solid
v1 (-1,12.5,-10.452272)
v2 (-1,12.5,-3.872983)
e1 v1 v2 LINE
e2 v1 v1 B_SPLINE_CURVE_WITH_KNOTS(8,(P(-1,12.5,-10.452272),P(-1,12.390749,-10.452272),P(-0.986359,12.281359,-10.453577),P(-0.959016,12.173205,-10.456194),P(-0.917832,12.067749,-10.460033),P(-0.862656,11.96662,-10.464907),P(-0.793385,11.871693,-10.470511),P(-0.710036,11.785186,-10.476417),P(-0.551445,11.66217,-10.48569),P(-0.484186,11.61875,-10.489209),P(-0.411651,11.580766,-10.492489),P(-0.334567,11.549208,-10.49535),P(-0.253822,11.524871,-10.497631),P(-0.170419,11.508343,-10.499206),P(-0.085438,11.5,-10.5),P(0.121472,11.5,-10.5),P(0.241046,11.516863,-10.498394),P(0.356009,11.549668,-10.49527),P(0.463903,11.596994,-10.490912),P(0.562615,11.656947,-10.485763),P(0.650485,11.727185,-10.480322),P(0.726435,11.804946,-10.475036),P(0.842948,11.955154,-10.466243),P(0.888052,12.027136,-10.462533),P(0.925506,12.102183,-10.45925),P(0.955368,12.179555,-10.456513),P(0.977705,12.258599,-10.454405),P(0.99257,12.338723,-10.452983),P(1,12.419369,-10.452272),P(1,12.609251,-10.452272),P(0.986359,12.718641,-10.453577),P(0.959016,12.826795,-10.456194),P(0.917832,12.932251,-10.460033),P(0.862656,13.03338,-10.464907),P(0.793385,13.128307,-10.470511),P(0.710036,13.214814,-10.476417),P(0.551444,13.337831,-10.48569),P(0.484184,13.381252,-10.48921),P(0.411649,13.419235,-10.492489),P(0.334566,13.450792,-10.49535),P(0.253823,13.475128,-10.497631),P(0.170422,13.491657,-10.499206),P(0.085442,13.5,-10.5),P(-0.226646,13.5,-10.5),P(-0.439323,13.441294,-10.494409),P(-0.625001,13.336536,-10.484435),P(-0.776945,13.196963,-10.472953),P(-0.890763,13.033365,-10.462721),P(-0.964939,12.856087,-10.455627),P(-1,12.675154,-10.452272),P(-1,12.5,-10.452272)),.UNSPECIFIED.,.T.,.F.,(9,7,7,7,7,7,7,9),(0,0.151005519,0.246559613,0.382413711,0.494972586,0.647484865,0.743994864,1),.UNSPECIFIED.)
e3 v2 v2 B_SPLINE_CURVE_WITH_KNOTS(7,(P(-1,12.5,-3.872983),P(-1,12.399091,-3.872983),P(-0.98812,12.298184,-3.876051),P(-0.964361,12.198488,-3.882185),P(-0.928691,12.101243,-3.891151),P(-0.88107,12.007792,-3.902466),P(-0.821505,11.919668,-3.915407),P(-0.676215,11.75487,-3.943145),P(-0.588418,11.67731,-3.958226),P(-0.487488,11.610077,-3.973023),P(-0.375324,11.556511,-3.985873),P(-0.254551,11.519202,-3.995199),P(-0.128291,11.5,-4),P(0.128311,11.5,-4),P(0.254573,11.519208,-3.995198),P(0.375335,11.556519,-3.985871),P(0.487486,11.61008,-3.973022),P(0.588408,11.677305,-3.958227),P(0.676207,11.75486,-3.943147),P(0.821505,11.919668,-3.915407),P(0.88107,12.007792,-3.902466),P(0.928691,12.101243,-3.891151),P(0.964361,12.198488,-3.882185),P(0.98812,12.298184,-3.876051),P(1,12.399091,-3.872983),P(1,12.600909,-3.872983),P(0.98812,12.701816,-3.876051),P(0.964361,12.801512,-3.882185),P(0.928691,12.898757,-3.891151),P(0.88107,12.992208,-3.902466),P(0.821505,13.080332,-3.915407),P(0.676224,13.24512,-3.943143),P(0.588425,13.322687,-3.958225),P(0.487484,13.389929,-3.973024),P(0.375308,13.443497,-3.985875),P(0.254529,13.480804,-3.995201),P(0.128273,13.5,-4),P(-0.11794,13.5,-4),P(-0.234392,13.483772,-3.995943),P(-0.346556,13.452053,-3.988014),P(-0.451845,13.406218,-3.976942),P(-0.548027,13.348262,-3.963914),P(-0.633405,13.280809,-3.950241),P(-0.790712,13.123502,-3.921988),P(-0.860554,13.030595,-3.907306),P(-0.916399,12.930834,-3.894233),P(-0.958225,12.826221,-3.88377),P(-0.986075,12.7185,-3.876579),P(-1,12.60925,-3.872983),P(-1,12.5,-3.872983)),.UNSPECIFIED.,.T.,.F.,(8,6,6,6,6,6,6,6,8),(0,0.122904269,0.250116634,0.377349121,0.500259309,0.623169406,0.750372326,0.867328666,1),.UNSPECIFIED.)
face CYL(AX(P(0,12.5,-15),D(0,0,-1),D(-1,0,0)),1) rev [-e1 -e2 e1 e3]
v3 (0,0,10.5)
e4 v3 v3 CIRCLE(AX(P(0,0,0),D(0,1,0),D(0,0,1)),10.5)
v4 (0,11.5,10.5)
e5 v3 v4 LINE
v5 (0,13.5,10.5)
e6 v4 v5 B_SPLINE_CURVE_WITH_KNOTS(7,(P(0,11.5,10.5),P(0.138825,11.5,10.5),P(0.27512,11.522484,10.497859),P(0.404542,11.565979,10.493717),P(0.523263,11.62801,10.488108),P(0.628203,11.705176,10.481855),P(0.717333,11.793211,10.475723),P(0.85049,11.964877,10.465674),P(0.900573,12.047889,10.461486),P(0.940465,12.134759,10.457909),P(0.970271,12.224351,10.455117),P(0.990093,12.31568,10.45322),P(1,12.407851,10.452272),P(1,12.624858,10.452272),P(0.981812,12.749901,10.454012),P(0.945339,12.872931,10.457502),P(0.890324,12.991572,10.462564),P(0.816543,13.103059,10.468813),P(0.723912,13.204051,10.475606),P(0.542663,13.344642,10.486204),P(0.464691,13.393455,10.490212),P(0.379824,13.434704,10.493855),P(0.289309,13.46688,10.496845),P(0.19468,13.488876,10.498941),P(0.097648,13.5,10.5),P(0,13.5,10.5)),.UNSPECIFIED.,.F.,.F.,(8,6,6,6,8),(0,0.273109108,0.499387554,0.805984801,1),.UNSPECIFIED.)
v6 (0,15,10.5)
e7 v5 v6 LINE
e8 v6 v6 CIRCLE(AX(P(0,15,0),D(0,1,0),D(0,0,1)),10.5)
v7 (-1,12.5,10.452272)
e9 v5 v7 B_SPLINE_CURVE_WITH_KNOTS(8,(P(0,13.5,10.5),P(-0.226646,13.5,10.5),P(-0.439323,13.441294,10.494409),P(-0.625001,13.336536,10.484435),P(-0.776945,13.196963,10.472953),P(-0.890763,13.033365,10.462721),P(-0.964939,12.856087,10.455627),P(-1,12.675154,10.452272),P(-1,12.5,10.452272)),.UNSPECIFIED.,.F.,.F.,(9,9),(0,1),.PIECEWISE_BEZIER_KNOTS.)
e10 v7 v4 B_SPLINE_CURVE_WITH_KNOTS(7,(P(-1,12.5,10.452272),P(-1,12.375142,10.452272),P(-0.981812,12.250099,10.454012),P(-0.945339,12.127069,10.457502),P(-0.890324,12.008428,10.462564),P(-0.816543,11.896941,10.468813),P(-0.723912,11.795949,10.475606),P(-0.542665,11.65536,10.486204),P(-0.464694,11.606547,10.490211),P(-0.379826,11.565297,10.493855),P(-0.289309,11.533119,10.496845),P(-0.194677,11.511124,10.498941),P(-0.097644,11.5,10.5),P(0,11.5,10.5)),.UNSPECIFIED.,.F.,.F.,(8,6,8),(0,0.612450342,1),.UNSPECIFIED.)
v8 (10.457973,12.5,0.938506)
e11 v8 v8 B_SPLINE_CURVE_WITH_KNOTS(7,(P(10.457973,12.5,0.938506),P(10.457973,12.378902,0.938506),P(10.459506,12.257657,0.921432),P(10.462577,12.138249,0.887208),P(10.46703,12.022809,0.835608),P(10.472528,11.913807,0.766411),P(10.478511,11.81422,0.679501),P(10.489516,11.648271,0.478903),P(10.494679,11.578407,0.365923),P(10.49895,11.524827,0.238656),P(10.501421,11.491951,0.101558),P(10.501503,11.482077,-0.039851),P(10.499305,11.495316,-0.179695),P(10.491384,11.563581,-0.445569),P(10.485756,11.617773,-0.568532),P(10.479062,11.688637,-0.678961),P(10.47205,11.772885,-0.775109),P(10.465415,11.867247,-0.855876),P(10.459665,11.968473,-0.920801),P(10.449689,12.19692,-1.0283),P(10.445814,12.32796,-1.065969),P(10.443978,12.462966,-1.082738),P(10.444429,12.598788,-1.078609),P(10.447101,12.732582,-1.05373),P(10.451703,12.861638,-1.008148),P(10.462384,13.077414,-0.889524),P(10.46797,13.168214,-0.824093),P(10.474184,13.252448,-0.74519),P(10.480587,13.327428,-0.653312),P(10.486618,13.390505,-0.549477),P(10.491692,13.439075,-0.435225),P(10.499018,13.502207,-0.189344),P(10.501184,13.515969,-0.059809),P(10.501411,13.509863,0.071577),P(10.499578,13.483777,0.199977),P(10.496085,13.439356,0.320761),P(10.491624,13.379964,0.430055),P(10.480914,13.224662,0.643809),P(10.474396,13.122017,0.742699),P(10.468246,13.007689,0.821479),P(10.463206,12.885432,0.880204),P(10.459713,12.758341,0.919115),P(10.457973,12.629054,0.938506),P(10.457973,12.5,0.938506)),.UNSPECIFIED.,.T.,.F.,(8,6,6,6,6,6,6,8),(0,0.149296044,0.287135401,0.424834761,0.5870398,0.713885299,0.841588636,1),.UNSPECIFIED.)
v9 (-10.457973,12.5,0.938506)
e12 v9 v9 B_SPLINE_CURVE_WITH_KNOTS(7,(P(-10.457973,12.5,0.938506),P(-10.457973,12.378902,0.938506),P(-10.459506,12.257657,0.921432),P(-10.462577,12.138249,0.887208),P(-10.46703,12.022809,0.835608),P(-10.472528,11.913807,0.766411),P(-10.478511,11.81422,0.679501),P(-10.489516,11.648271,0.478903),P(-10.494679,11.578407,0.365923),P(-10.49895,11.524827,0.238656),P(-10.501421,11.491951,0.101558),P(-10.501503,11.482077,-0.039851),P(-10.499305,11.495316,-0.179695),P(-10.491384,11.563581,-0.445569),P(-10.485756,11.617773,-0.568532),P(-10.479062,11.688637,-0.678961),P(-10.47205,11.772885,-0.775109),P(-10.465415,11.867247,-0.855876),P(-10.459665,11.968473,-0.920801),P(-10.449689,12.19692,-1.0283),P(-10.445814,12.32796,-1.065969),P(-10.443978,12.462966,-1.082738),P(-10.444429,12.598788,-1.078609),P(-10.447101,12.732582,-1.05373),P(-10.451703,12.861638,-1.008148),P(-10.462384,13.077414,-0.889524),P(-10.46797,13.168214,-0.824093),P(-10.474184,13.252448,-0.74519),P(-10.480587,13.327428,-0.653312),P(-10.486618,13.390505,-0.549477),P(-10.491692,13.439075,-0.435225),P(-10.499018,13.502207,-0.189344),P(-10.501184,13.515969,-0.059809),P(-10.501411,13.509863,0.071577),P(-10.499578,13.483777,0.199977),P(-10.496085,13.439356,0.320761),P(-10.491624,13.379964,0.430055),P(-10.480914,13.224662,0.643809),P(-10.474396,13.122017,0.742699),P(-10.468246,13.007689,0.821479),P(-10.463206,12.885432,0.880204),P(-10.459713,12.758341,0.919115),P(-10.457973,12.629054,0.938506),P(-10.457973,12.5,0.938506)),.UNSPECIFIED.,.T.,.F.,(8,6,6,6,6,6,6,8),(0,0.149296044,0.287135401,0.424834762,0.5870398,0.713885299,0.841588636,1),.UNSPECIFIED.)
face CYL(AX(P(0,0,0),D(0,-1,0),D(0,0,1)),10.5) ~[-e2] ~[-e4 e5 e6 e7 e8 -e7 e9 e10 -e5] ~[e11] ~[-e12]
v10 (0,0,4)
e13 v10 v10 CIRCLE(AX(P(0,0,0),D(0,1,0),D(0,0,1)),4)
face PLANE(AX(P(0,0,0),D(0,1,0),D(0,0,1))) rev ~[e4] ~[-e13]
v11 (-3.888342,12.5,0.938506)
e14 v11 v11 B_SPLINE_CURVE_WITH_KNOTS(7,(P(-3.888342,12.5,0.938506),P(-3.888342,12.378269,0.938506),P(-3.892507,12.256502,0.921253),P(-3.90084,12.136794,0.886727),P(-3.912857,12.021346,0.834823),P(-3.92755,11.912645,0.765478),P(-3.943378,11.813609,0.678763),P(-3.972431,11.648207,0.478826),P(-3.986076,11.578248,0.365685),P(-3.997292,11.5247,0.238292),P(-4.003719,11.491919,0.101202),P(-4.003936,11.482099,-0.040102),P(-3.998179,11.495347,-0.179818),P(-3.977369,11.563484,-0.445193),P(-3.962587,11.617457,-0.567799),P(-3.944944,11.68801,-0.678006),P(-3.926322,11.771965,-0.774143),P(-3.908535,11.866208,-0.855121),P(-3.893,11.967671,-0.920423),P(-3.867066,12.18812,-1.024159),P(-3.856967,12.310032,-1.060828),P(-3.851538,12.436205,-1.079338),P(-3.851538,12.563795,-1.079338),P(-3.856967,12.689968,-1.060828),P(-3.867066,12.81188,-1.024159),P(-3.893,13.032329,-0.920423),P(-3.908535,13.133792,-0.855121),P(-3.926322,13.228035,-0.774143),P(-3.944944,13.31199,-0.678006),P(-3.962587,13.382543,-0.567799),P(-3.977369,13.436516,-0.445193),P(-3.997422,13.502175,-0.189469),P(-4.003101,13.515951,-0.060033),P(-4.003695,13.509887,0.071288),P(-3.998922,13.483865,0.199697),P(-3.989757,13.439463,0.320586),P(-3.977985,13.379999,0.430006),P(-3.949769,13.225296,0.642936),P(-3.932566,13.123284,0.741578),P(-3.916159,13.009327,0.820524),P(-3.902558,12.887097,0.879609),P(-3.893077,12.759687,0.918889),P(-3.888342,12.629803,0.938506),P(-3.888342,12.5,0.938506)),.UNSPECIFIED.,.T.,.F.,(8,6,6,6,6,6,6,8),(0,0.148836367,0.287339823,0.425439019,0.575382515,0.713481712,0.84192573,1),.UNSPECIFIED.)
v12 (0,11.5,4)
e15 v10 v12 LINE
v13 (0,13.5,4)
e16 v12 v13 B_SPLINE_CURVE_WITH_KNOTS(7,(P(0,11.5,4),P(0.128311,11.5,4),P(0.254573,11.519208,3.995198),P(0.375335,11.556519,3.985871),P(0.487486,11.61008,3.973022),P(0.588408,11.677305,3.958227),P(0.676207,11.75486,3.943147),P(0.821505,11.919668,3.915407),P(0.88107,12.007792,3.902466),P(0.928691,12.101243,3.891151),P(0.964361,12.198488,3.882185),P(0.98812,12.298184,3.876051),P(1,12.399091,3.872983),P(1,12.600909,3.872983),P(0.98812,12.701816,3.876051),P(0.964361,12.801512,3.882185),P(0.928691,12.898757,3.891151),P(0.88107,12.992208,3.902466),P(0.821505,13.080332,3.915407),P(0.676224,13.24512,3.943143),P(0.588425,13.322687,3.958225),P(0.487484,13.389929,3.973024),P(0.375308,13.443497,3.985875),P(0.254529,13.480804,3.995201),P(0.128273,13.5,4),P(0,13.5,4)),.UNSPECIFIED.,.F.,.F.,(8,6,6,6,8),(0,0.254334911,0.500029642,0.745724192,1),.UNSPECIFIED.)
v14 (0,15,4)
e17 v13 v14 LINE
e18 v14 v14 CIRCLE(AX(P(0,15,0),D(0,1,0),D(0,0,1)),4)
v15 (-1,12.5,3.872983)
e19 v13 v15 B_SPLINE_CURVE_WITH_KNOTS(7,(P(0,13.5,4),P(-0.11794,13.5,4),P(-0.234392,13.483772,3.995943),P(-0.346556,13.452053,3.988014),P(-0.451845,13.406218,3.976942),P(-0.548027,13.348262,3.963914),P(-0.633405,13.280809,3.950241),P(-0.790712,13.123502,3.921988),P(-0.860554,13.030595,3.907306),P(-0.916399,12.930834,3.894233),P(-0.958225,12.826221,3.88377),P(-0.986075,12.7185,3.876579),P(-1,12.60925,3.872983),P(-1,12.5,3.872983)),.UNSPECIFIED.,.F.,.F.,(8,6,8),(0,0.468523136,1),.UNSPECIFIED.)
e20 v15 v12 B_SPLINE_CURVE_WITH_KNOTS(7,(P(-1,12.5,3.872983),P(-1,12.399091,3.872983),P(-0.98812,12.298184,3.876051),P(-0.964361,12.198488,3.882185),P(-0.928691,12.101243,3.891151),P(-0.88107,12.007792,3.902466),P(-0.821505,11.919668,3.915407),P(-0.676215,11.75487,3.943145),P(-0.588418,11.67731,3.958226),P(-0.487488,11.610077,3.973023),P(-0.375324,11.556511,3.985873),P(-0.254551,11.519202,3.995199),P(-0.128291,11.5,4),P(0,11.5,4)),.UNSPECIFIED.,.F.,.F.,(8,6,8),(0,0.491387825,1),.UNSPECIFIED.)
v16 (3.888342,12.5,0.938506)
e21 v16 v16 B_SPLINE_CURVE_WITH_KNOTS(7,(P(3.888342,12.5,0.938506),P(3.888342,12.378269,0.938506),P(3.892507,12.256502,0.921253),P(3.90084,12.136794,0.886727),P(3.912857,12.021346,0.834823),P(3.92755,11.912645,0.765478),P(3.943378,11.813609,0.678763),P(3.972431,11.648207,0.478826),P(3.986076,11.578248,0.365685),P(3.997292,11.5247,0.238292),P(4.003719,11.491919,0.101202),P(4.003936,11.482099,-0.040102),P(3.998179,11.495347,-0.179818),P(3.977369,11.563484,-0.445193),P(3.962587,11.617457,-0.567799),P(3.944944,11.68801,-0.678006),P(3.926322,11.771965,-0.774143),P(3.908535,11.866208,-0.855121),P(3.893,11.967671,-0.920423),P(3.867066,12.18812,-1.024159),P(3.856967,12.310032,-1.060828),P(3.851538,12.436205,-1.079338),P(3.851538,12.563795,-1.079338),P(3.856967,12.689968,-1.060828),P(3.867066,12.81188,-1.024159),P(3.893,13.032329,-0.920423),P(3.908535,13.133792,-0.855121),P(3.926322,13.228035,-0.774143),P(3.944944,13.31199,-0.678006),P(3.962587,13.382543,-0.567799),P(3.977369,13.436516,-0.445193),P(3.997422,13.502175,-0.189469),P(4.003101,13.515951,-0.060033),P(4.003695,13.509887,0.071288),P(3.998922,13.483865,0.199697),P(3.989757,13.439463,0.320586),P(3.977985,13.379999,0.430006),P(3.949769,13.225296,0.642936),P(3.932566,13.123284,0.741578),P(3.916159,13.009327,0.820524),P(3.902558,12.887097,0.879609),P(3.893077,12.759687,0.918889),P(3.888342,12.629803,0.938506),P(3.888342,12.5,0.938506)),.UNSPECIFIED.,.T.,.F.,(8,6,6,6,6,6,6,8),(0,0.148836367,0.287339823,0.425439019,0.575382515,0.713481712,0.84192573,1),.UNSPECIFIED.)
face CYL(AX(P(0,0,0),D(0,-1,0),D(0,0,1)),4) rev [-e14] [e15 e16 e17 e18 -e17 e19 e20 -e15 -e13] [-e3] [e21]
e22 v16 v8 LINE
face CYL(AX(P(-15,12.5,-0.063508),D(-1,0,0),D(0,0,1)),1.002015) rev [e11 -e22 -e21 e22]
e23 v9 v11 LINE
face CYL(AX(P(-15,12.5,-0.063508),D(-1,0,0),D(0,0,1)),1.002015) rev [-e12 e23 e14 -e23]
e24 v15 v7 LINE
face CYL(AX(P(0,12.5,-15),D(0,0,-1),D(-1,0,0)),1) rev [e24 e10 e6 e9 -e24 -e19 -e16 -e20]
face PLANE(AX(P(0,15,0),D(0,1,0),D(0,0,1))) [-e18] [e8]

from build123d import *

# Parameters (mm, degrees)
CROQUIS1_R                 = 10.5
CROQUIS1_R_2               = 4
SALIENTE_EXTRUIR1_DEPTH    = 15
CORTAR_EXTRUIR1_DEPTH      = 15
CORTAR_EXTRUIR1_DEPTH_BACK = 15
CROQUIS2_R                 = 1
CORTAR_EXTRUIR2_DEPTH      = 15
CORTAR_EXTRUIR2_DEPTH_BACK = 15
CROQUIS3_R                 = 1.002014624


with BuildPart() as part:
    # Croquis1 → Saliente-Extruir1 (new body)
    with BuildSketch(Plane(origin=(0, 0, 0), x_dir=(1, 0, 0), z_dir=(0, 1, 0))):
        Circle(CROQUIS1_R)
        Circle(CROQUIS1_R_2, mode=Mode.SUBTRACT)
    extrude(amount=SALIENTE_EXTRUIR1_DEPTH)

    # Croquis2 → Cortar-Extruir1 (cut, two sides: drawn at the far end of the back side and taken through both)
    with BuildSketch(Plane.XY.offset(-CORTAR_EXTRUIR1_DEPTH_BACK)):
        with Locations((0, 12.5)):
            Circle(CROQUIS2_R)
    extrude(amount=CORTAR_EXTRUIR1_DEPTH + CORTAR_EXTRUIR1_DEPTH_BACK, mode=Mode.SUBTRACT)

    # Croquis3 → Cortar-Extruir2 (cut, two sides: drawn at the far end of the back side and taken through both)
    with BuildSketch(Plane(origin=(0, 0, 0), x_dir=(0, 0, -1), z_dir=(1, 0, 0)).offset(-CORTAR_EXTRUIR2_DEPTH_BACK)):
        with Locations((0.063508327, 12.5)):
            Circle(CROQUIS3_R)
    extrude(amount=CORTAR_EXTRUIR2_DEPTH + CORTAR_EXTRUIR2_DEPTH_BACK, mode=Mode.SUBTRACT)


solid = part.part
